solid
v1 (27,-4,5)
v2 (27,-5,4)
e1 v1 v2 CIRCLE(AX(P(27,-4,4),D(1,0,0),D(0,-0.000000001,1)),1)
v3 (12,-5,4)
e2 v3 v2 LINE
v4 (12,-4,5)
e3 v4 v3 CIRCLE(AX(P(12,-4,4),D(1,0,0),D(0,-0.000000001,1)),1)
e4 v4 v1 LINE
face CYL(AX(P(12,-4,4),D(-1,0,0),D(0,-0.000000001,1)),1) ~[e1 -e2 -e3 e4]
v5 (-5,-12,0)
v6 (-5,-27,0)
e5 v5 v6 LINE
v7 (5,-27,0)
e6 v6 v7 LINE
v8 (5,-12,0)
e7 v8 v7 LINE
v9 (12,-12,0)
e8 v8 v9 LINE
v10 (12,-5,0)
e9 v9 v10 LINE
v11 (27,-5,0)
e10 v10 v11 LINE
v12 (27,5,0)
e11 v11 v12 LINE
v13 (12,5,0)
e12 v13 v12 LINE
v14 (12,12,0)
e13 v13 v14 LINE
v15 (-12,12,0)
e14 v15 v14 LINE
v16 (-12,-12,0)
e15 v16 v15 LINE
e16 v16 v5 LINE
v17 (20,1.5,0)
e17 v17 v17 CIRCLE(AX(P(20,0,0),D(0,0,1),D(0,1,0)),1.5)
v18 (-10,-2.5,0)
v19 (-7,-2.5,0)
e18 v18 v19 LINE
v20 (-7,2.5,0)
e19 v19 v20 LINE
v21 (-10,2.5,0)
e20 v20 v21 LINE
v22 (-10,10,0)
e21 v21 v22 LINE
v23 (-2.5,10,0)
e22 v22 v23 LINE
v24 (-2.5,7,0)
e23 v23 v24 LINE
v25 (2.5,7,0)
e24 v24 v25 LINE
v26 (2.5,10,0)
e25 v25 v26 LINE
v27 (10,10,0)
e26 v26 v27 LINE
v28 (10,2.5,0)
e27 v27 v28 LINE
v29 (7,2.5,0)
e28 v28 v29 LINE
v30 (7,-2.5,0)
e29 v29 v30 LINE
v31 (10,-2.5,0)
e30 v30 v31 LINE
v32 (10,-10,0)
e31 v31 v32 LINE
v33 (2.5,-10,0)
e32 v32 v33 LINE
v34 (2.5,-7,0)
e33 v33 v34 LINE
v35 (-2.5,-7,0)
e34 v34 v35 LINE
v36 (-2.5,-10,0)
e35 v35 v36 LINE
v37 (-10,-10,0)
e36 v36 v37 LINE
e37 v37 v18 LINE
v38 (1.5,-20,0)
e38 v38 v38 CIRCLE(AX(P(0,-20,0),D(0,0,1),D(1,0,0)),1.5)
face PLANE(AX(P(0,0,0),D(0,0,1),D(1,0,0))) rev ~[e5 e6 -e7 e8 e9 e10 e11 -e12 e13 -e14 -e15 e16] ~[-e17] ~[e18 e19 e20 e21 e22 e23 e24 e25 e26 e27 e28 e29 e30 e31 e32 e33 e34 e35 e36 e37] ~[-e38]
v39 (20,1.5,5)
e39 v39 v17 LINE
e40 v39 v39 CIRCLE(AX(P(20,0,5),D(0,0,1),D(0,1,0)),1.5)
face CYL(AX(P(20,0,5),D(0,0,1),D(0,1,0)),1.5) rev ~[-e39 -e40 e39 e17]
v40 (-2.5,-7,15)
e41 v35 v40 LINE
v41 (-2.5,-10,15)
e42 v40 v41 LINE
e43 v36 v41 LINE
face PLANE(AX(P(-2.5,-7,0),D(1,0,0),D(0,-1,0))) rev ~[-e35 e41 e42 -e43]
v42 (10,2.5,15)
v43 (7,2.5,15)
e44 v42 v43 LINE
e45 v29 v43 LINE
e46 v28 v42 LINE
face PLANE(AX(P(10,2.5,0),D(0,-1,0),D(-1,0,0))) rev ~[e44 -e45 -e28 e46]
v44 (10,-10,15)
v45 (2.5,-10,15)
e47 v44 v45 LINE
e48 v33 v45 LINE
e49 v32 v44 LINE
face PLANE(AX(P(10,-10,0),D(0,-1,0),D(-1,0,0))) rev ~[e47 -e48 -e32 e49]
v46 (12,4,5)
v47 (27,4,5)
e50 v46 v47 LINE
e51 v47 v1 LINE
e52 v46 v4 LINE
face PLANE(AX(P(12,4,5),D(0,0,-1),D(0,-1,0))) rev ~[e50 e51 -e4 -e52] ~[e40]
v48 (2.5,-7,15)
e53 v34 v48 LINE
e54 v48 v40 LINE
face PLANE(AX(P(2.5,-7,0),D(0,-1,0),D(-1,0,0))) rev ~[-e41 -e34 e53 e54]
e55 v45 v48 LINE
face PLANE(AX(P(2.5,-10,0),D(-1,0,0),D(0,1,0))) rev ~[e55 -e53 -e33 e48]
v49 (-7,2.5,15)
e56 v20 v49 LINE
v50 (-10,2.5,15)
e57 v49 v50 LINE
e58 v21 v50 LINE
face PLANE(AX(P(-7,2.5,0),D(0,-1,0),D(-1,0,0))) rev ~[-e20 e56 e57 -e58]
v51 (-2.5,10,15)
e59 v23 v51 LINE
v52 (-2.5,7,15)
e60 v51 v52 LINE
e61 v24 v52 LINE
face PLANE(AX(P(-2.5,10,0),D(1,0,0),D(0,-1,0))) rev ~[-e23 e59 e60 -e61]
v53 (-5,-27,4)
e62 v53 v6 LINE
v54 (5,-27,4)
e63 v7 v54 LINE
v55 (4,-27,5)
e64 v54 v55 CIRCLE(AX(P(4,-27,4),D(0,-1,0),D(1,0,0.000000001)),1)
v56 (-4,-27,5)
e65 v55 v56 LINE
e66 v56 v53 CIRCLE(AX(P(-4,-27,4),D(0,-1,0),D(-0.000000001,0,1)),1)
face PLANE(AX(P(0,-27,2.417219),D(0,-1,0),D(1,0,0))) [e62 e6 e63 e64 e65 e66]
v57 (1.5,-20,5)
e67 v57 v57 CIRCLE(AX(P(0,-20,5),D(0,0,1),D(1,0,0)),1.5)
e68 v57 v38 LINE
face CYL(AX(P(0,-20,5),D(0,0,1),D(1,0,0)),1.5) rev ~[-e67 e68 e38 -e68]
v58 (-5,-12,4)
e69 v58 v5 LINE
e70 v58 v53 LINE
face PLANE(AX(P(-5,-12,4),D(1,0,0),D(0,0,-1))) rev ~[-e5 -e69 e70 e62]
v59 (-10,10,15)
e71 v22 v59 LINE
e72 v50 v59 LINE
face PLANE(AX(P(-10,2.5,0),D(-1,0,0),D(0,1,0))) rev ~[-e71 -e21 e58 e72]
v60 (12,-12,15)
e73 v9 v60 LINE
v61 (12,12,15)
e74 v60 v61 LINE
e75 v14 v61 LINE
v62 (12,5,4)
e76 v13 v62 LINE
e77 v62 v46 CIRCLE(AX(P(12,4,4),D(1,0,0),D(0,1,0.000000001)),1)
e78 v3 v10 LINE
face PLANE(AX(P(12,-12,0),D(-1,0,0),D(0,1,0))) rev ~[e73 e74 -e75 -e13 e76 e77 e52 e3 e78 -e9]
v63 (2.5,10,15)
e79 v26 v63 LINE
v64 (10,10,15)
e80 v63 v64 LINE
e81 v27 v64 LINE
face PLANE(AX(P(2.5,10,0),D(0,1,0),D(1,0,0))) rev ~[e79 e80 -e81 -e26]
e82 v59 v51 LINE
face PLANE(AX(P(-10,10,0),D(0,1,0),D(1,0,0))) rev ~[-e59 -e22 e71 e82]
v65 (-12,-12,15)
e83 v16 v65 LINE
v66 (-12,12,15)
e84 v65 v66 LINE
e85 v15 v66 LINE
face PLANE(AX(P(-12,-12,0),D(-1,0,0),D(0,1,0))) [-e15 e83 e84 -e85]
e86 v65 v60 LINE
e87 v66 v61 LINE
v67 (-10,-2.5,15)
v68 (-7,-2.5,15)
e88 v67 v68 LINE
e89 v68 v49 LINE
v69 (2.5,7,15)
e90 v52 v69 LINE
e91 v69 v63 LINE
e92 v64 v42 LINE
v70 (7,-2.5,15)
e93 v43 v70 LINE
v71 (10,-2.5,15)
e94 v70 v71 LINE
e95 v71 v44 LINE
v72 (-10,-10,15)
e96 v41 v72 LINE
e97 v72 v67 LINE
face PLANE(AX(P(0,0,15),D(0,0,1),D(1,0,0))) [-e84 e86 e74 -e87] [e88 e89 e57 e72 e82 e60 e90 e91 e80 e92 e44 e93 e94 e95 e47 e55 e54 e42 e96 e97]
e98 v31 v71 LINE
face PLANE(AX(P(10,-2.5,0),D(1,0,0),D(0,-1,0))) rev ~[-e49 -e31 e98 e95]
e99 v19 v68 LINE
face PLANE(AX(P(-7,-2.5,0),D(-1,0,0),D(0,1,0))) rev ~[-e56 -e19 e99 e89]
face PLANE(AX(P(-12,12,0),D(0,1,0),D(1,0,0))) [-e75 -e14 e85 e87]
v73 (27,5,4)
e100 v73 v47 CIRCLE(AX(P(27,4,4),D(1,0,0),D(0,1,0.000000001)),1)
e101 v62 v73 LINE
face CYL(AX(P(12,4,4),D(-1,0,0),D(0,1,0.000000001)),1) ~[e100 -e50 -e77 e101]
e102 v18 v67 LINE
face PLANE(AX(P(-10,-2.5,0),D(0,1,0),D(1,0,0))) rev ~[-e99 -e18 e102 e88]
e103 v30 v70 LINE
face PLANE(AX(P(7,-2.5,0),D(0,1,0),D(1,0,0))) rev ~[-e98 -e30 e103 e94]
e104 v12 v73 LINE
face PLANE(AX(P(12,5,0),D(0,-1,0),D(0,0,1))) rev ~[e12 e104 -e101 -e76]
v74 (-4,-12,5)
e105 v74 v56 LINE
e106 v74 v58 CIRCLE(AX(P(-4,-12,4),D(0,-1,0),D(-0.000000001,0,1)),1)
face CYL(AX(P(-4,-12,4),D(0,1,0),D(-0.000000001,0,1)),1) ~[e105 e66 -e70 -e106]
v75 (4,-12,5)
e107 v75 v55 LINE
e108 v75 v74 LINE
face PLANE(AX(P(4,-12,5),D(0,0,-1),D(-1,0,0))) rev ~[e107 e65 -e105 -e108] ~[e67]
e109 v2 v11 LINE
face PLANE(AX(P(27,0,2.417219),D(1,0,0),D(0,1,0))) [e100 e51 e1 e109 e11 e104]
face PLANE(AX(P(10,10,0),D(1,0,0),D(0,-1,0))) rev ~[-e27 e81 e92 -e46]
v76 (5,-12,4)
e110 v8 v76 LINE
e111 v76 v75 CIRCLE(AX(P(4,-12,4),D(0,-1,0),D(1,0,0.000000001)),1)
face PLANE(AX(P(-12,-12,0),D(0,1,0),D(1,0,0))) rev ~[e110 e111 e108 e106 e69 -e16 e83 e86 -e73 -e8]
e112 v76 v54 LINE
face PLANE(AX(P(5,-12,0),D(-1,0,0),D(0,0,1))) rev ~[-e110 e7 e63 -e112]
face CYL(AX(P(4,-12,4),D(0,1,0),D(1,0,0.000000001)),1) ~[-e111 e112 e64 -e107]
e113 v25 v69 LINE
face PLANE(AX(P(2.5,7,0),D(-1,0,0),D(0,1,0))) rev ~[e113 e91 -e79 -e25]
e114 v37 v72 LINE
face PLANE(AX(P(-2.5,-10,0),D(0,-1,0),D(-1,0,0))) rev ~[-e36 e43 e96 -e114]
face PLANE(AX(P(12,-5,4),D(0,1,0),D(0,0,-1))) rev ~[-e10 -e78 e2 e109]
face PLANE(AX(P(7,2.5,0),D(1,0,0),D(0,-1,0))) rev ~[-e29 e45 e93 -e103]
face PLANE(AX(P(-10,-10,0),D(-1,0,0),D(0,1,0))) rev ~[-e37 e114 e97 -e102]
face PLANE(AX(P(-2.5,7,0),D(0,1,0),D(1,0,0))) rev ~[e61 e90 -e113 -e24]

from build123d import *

# Parameters (mm, degrees)
SKETCH2_W           = 24
SKETCH2_H           = 24
BOSS_EXTRUDE1_DEPTH = 15
BOSS_EXTRUDE2_DEPTH = 15
CUT_EXTRUDE1_REACH  = 33.193
SKETCH4_R           = 1.5
CIRPATTERN1_COUNT   = 2
CIRPATTERN1_ANGLE   = 90


with BuildPart() as part:
    # Sketch2 → Boss-Extrude1 (new body)
    with BuildSketch(Plane.XY):
        Rectangle(SKETCH2_W, SKETCH2_H)
        Polygon((-2.5, 10), (-2.5, 7), (2.5, 7), (2.5, 10), (10, 10), (10, 2.5), (7, 2.5), (7, -2.5), (10, -2.5), (10, -10), (2.5, -10), (2.5, -7), (-2.5, -7), (-2.5, -10), (-10, -10), (-10, -2.5), (-7, -2.5), (-7, 2.5), (-10, 2.5), (-10, 10), align=None, mode=Mode.SUBTRACT)
    extrude(amount=BOSS_EXTRUDE1_DEPTH)

    # Sketch3 → Boss-Extrude2 (add)
    with BuildSketch(Plane.XZ.offset(12)):
        with BuildLine():
            Line((-5, 4), (-5, 0))
            Line((-5, 0), (5, 0))
            Line((5, 0), (5, 4))
            ThreePointArc((5, 4), (4.707106781, 4.707106781), (4, 5))
            Line((4, 5), (-4, 5))
            ThreePointArc((-4, 5), (-4.707106781, 4.707106781), (-5, 4))
        make_face()
    boss_extrude2 = extrude(amount=BOSS_EXTRUDE2_DEPTH)

    # Sketch4 → Cut-Extrude1 (cut, up to next)
    with BuildSketch(Plane.XY.offset(5), mode=Mode.PRIVATE) as cut_extrude1_sk1:
        with Locations((0, -20)):
            Circle(SKETCH4_R)
    cut_extrude1_tool1 = extrude(cut_extrude1_sk1.sketch, amount=-CUT_EXTRUDE1_REACH, mode=Mode.PRIVATE) & part.part
    cut_extrude1 = cut_extrude1_tool1.solids().sort_by_distance((0, -20, 5))[0]
    add(cut_extrude1, mode=Mode.SUBTRACT)

    # CirPattern1: Boss-Extrude2, Cut-Extrude1 ×2 about axis
    cirpattern1_axis = Axis((0, 0, 0), (0, 0, 1))
    add([boss_extrude2.rotate(cirpattern1_axis, i * CIRPATTERN1_ANGLE / (CIRPATTERN1_COUNT - 1)) for i in range(1, CIRPATTERN1_COUNT)])
    add([cut_extrude1.rotate(cirpattern1_axis, i * CIRPATTERN1_ANGLE / (CIRPATTERN1_COUNT - 1)) for i in range(1, CIRPATTERN1_COUNT)], mode=Mode.SUBTRACT)


solid = part.part
